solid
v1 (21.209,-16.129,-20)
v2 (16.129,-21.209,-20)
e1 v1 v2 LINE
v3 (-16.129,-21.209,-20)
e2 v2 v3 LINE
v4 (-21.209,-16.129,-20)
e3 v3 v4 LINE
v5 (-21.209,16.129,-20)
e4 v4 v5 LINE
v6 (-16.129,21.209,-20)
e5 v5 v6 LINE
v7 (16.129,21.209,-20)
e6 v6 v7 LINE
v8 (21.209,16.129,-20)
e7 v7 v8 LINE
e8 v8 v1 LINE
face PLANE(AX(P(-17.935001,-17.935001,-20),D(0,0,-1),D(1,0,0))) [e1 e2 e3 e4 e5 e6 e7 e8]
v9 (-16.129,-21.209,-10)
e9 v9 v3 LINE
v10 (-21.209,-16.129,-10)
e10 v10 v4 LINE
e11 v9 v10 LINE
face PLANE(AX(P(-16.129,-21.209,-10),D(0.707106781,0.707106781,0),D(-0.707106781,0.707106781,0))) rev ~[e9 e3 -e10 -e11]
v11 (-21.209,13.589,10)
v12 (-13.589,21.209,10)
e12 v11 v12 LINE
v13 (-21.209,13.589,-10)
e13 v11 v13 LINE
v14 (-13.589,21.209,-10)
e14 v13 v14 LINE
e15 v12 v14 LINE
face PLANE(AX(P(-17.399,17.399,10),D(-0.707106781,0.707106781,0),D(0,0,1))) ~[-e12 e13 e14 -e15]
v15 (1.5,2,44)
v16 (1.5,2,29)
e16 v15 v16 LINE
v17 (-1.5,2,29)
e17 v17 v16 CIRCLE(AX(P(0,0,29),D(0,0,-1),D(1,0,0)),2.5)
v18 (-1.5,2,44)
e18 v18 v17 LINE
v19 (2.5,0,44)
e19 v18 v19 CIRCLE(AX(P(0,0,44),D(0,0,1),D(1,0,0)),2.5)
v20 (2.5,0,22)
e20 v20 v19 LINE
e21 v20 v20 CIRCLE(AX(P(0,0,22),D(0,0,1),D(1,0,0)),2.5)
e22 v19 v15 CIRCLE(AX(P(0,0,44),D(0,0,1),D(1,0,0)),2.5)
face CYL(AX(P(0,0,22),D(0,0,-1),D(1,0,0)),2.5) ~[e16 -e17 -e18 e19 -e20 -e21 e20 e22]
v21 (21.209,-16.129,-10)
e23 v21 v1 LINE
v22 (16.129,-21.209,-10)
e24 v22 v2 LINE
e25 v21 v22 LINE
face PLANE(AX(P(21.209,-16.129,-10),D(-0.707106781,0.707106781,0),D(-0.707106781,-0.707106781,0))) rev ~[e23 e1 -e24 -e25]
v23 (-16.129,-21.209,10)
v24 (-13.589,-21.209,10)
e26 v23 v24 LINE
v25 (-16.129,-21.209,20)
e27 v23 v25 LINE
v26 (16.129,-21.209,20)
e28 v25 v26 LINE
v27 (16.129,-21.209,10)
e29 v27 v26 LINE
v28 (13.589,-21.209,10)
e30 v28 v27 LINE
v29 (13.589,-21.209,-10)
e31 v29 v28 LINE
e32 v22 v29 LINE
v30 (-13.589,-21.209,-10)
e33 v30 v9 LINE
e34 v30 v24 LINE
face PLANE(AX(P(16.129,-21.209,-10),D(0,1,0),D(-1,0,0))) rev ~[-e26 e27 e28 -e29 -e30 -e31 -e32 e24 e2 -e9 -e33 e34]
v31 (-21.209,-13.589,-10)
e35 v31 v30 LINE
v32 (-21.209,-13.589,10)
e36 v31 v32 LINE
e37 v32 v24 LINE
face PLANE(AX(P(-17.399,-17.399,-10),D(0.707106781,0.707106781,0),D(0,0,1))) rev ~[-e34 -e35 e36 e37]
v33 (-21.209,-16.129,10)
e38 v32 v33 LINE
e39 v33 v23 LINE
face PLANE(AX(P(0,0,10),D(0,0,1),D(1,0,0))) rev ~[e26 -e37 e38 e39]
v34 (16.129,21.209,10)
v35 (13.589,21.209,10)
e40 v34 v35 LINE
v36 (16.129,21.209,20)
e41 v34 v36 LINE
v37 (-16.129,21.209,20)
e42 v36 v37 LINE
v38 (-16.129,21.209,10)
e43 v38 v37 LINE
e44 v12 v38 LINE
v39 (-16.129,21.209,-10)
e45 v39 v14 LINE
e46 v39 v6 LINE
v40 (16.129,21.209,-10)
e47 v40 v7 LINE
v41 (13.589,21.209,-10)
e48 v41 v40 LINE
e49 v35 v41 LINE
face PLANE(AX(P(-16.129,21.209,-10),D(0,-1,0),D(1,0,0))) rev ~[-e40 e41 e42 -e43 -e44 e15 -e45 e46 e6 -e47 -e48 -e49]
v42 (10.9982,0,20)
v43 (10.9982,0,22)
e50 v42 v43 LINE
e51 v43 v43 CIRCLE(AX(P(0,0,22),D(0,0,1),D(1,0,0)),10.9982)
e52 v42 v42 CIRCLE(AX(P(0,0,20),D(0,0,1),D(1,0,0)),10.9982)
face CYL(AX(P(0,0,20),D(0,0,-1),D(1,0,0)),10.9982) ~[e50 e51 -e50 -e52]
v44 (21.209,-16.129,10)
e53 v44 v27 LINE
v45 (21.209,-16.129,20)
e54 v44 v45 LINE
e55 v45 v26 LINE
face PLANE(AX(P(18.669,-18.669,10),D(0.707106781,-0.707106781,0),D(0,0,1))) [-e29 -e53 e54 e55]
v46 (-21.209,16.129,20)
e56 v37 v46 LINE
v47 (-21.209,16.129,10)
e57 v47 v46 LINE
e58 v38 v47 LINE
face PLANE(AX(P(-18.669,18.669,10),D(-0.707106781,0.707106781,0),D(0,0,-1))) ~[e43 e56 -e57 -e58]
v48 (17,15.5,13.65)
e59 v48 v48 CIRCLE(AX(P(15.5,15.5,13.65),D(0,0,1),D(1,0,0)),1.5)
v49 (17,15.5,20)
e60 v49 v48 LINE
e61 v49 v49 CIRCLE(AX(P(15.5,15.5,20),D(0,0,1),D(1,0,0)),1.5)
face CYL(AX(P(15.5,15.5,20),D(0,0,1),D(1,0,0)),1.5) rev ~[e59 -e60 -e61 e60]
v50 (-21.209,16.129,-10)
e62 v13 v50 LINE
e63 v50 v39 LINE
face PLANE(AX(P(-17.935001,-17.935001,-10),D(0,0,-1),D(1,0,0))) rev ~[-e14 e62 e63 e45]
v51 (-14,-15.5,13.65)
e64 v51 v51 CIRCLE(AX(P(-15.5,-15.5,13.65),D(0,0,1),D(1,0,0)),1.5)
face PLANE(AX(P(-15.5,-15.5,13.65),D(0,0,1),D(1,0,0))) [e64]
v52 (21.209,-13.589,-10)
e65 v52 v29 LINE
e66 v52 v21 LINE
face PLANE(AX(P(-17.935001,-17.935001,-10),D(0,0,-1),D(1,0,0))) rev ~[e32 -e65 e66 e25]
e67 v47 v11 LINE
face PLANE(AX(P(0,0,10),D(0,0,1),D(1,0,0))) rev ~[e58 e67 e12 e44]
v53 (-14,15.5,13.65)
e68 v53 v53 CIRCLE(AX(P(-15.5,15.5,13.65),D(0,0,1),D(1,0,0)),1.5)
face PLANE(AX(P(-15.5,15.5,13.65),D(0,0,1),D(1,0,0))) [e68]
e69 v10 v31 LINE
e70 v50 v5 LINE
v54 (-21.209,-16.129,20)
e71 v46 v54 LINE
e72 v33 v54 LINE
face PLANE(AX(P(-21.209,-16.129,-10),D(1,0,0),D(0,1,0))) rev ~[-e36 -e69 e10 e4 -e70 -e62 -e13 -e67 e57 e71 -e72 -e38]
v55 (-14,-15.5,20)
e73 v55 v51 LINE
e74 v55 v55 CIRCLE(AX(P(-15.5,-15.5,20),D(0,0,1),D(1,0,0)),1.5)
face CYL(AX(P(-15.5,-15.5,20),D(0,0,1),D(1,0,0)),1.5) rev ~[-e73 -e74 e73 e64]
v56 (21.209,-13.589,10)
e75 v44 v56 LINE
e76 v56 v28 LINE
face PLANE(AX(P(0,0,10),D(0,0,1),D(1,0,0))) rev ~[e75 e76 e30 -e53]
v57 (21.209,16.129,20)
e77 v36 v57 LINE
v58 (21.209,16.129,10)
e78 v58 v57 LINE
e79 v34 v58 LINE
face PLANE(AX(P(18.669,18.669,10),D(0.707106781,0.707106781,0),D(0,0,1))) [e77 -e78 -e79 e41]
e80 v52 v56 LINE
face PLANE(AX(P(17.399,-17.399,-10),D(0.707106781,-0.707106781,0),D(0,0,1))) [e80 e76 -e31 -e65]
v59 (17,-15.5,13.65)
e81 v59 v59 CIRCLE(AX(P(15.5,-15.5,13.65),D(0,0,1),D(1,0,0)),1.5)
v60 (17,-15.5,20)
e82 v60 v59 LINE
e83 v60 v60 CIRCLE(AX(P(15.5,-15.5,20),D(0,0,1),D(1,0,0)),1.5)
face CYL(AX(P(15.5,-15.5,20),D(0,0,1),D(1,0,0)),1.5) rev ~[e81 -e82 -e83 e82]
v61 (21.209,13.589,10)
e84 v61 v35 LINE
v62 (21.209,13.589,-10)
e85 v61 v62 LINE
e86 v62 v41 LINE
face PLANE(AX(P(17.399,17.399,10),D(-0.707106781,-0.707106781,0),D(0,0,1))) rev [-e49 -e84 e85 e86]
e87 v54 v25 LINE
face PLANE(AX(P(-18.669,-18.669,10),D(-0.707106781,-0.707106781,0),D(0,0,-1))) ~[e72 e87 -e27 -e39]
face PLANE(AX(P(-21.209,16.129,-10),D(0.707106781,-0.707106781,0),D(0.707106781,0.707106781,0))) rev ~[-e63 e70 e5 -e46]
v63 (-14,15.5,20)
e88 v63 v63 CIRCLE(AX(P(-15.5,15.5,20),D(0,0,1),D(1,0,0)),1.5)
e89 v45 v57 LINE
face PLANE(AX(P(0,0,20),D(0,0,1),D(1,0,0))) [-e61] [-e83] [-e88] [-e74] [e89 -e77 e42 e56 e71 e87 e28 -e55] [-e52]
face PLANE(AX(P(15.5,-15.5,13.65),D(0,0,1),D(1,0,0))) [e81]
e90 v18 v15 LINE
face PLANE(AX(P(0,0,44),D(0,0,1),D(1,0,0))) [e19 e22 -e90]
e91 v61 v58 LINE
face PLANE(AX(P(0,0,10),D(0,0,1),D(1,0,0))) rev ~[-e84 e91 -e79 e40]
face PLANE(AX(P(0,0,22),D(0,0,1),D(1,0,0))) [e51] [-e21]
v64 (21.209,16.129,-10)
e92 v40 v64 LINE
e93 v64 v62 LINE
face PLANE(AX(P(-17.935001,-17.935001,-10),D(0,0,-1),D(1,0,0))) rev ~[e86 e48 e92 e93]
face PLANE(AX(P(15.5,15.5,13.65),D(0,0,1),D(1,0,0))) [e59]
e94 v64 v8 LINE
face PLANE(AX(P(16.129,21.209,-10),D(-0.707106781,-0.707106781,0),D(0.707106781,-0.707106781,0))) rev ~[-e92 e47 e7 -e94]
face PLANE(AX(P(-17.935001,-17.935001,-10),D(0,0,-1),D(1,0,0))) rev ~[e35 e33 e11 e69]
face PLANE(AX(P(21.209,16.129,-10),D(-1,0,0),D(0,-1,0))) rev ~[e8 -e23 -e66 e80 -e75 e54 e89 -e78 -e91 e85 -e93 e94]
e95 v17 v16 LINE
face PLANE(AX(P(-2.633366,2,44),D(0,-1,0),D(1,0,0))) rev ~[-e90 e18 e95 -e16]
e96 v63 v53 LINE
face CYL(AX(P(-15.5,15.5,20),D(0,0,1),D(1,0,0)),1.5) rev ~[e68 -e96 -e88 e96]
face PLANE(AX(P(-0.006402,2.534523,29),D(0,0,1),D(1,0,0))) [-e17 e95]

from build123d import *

# Parameters (mm, degrees)
F0_W      = 42.418
F0_H      = 42.418
F1_DEPTH  = 10
F2_SIZE   = 7.62
F4_DEPTH  = 10
F5_SIZE   = 5.08
F7_DEPTH  = 10
F8_R      = 10.9982
F9_DEPTH  = 2
F10_R     = 2.5
F11_DEPTH = 22
F13_DEPTH = 15
F14_R     = 1.5
F15_DEPTH = 6.35


with BuildPart() as f1:
    # F0 (on Top) → F1 (new body, symmetric)
    with BuildSketch(Plane.XY):
        Rectangle(F0_W, F0_H)
    extrude(amount=F1_DEPTH, both=True)

    # F2
    f2_edges = [f1.edges().sort_by_distance(p)[0] for p in [
        (21.209, 21.209, 0),
        (-21.209, 21.209, 0),
        (-21.209, -21.209, 0),
        (21.209, -21.209, 0),
    ]]
    chamfer(f2_edges, length=F2_SIZE)

    # F3 (on face) → F4 (join)
    with BuildSketch(Plane.XY.offset(10)):
        Polygon((13.589, 21.209), (-13.589, 21.209), (-21.209, 13.589), (-21.209, -13.589), (-13.589, -21.209), (13.589, -21.209), (21.209, -13.589), (21.209, 13.589), align=None)
        Polygon((21.209, 21.209), (13.589, 21.209), (21.209, 13.589), align=None)
        Polygon((-13.589, 21.209), (-21.209, 21.209), (-21.209, 13.589), align=None)
        Polygon((-13.589, -21.209), (-21.209, -13.589), (-21.209, -21.209), align=None)
        Polygon((21.209, -21.209), (21.209, -13.589), (13.589, -21.209), align=None)
    extrude(amount=F4_DEPTH)

    # F5
    f5_edges = [f1.edges().sort_by_distance(p)[0] for p in [
        (21.209, 21.209, 15),
        (-21.209, 21.209, 15),
        (-21.209, -21.209, 15),
        (21.209, -21.209, 15),
    ]]
    chamfer(f5_edges, length=F5_SIZE)

    # F6 (on face) → F7 (join)
    with BuildSketch(Plane(origin=(0, 0, -10), x_dir=(1, 0, 0), z_dir=(0, 0, -1))):
        Polygon((-13.589, 21.209), (-16.129, 21.209), (-21.209, 16.129), (-21.209, 13.589), align=None)
        Polygon((16.129, 21.209), (13.589, 21.209), (21.209, 13.589), (21.209, 16.129), align=None)
        Polygon((21.209, -16.129), (21.209, -13.589), (13.589, -21.209), (16.129, -21.209), align=None)
        Polygon((-13.589, -21.209), (-21.209, -13.589), (-21.209, -16.129), (-16.129, -21.209), align=None)
        Polygon((13.589, 21.209), (-13.589, 21.209), (-21.209, 13.589), (-21.209, -13.589), (-13.589, -21.209), (13.589, -21.209), (21.209, -13.589), (21.209, 13.589), align=None)
    extrude(amount=F7_DEPTH)

    # F8 (on face) → F9 (join)
    with BuildSketch(Plane.XY.offset(20)):
        Circle(F8_R)
    extrude(amount=F9_DEPTH)

    # F10 (on face) → F11 (join)
    with BuildSketch(Plane.XY.offset(22)):
        Circle(F10_R)
    extrude(amount=F11_DEPTH)

    # F12 (on face) → F13 (cut)
    with BuildSketch(Plane.XY.offset(44)):
        with BuildLine():
            Line((2.6203631624, 2.9334036984), (-2.6333660554, 2.9334036984))
            Line((-2.6333660554, 2.9334036984), (-2.6333660554, 2))
            Line((-2.6333660554, 2), (-1.5, 2))
            ThreePointArc((-1.5, 2), (0, 2.5), (1.5, 2))
            Line((1.5, 2), (2.6203631624, 2))
            Line((2.6203631624, 2), (2.6203631624, 2.9334036984))
        make_face()
        with BuildLine():
            ThreePointArc((1.5, 2), (0, 2.5), (-1.5, 2))
            Line((-1.5, 2), (1.5, 2))
        make_face()
    extrude(amount=-F13_DEPTH, mode=Mode.SUBTRACT)

    # F14 (on face) → F15 (cut)
    with BuildSketch(Plane.XY.offset(20)):
        with Locations((-15.5, 15.5)):
            Circle(F14_R)
        with Locations((15.5, 15.5)):
            Circle(F14_R)
        with Locations((15.5, -15.5)):
            Circle(F14_R)
        with Locations((-15.5, -15.5)):
            Circle(F14_R)
    extrude(amount=-F15_DEPTH, mode=Mode.SUBTRACT)


with BuildPart() as f16_1:
    # F16: copy of F1
    add(f1.part)


solid = f1.part
